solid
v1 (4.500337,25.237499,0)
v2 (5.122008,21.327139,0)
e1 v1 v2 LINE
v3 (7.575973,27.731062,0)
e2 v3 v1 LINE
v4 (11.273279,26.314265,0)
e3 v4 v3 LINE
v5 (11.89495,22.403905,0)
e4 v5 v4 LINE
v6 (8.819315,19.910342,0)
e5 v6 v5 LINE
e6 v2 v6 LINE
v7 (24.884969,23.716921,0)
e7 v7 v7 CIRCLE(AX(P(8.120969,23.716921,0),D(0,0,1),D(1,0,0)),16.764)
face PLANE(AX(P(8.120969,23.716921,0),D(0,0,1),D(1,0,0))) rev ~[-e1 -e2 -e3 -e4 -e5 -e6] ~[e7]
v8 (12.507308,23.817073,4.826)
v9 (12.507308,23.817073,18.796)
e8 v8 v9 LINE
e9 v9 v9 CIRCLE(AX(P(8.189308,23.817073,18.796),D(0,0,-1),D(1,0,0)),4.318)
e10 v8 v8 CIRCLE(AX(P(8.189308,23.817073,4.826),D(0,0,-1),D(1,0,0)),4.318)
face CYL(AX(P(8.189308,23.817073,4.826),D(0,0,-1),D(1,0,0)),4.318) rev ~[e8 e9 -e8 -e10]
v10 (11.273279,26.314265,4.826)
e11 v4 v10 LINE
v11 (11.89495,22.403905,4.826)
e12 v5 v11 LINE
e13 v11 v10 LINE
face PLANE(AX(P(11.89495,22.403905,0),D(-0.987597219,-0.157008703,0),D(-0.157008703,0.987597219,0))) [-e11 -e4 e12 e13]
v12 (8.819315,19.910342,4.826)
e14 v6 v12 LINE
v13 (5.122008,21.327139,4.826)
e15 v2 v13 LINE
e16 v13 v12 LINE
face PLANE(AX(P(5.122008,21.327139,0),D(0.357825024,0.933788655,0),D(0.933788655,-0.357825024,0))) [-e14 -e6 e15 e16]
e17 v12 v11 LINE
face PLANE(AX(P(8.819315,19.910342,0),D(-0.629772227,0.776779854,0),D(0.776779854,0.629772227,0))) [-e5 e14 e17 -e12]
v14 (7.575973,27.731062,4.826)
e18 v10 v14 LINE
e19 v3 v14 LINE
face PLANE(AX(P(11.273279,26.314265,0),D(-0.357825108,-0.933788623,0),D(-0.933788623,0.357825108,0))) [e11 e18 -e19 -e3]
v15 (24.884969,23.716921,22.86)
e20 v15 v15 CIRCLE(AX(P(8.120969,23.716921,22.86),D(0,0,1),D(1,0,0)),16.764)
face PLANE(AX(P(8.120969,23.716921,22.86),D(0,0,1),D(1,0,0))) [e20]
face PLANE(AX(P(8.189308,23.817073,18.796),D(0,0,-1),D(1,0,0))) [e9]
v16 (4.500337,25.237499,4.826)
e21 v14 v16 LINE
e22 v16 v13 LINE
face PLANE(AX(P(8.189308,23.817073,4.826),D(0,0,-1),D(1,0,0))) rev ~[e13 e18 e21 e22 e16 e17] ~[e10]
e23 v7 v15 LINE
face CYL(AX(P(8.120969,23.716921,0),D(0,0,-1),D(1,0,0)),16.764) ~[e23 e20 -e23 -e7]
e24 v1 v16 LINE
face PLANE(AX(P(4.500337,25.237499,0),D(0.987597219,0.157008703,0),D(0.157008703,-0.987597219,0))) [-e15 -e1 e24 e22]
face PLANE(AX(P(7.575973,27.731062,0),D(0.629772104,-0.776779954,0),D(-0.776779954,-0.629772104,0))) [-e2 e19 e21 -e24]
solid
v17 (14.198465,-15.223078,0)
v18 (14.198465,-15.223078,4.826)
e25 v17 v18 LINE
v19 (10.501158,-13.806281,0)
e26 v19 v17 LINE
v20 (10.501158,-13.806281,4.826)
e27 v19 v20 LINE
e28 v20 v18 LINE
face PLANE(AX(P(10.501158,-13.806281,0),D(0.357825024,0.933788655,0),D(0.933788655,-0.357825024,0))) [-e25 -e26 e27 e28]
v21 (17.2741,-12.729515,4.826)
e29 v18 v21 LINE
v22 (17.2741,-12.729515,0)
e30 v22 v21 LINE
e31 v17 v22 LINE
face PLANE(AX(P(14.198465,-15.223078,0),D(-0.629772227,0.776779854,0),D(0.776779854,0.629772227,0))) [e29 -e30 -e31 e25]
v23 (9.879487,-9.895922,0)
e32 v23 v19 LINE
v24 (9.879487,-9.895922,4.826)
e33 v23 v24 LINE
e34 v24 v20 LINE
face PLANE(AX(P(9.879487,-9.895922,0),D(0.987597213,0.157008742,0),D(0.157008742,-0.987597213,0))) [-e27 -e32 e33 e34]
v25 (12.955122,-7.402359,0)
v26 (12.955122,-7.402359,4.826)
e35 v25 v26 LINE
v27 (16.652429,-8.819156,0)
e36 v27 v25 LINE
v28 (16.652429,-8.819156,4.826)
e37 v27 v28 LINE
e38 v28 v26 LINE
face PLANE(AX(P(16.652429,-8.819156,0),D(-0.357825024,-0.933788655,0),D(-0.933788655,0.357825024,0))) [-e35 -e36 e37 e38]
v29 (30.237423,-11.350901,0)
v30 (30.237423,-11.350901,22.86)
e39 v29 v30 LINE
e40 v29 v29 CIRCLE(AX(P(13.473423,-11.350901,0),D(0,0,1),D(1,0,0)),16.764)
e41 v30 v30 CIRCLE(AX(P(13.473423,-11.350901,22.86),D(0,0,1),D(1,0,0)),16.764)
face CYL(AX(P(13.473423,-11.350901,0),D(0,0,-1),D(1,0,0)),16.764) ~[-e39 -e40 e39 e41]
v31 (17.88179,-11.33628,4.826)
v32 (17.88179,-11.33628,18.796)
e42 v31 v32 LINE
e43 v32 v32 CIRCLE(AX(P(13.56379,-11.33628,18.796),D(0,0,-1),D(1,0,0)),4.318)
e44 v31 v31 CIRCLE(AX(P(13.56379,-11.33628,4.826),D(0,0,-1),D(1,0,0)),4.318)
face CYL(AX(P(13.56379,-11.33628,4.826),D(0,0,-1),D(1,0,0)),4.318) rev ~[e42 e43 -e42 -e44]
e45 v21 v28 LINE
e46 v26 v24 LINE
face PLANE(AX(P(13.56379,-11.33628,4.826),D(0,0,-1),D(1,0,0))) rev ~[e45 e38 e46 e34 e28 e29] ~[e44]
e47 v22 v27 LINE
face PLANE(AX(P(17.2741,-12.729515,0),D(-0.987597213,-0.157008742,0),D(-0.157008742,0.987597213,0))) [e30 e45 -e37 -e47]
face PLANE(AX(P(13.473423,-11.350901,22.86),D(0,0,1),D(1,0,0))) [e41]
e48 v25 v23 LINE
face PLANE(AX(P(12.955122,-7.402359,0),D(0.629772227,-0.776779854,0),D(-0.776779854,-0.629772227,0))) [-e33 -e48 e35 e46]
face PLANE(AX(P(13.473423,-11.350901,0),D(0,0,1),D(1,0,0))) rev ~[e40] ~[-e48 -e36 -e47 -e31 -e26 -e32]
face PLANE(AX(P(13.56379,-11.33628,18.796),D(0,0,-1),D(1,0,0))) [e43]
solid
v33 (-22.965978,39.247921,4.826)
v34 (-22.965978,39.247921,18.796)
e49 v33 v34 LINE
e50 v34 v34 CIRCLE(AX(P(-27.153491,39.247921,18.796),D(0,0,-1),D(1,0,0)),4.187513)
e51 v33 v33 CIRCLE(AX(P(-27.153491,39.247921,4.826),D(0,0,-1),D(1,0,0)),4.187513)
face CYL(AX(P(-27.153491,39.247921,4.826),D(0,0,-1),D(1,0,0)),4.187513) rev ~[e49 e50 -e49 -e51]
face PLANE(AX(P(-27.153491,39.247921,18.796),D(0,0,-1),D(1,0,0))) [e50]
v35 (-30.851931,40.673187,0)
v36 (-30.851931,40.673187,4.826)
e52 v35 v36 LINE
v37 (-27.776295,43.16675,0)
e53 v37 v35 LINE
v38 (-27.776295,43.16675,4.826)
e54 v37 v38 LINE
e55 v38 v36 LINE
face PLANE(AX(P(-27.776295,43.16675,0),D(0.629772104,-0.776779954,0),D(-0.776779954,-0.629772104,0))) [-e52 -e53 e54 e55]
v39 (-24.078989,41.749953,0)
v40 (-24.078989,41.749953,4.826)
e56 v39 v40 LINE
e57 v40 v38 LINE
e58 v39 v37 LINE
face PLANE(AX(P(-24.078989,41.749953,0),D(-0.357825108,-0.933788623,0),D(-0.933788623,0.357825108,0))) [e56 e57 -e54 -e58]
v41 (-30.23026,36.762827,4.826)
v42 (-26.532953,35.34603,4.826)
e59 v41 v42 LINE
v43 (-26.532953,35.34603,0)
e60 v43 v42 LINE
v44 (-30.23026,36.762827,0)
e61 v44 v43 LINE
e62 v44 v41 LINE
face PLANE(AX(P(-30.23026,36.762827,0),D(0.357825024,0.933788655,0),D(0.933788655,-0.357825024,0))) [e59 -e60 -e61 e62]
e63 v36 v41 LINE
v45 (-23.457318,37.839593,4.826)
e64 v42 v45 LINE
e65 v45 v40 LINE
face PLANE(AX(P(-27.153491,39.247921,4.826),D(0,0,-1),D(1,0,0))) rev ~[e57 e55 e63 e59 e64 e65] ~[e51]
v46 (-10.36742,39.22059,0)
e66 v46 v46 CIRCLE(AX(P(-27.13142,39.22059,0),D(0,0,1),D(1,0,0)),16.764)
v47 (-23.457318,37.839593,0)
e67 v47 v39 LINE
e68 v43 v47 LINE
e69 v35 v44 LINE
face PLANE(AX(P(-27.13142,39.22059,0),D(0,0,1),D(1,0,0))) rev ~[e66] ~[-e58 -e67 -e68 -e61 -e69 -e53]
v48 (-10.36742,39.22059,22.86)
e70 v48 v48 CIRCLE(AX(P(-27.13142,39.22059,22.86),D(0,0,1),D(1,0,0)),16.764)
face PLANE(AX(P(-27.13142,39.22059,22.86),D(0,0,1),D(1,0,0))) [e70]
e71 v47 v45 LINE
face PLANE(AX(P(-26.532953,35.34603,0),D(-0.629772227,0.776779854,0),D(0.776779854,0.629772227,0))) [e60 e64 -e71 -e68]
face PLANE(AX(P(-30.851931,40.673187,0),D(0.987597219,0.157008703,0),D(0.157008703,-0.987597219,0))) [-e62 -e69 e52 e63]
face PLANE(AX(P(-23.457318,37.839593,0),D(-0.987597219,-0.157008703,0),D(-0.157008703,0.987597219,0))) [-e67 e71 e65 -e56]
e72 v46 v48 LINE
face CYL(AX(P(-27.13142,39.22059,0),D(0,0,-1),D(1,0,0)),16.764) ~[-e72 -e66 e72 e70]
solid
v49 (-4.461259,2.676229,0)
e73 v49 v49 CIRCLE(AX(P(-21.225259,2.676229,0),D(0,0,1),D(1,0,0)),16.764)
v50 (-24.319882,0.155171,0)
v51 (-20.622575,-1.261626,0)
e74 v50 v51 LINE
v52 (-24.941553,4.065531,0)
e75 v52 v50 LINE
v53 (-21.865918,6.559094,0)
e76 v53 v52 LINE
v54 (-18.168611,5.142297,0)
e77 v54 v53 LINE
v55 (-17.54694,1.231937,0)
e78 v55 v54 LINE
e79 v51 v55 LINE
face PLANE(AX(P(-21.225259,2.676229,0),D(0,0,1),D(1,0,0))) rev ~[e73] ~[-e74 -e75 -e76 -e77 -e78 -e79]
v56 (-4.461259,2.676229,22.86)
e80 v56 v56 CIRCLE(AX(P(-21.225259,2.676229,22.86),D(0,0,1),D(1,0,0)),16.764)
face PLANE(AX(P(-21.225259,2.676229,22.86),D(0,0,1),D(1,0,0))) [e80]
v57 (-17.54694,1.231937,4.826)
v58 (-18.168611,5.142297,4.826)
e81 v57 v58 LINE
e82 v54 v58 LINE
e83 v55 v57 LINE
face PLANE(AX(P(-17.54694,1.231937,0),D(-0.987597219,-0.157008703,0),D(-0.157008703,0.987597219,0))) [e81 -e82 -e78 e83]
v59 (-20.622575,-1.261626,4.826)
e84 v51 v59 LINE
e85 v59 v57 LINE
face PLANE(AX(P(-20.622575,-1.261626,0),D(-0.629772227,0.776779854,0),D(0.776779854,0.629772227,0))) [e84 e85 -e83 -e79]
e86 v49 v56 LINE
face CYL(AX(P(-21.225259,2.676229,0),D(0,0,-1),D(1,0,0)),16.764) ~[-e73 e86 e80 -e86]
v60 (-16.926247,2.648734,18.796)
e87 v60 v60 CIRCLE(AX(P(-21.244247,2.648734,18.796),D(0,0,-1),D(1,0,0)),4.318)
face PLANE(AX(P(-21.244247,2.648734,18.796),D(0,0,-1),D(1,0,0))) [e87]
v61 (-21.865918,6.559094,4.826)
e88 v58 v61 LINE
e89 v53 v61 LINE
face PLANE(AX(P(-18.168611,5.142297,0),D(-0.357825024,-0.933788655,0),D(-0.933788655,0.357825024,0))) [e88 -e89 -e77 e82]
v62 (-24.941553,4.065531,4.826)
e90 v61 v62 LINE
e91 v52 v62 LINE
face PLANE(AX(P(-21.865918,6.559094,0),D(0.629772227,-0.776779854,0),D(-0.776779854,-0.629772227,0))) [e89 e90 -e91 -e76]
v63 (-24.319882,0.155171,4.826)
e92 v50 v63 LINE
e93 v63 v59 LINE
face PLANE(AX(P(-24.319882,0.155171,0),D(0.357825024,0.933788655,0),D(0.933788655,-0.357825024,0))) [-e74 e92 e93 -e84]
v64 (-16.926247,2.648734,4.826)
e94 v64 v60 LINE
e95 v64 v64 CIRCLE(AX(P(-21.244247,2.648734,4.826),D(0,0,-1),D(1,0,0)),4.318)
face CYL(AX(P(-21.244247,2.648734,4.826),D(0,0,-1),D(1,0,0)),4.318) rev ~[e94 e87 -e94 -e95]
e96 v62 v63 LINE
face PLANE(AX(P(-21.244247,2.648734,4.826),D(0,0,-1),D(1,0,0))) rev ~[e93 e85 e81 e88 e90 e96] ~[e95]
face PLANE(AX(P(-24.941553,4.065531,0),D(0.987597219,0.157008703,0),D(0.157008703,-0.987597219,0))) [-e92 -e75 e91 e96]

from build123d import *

# Parameters (mm, degrees)
F0_R     = 16.764
F1_DEPTH = 22.86
F3_DEPTH = 4.826
F4_R     = 4.318
F4_R_2   = 4.187513
F5_DEPTH = 13.97


with BuildPart() as f1:
    # F0 (on Top) → F1 (new body)
    with BuildSketch(Plane.XY):
        with Locations((-27.13142, 39.22059)):
            Circle(F0_R)
        with Locations((8.120969, 23.716921)):
            Circle(F0_R)
        with Locations((-21.225259, 2.676229)):
            Circle(F0_R)
        with Locations((13.473423, -11.350901)):
            Circle(F0_R)
    extrude(amount=F1_DEPTH)

    # F2 (on Top) → F3 (cut)
    with BuildSketch(Plane.XY):
        Polygon((-23.457318, 37.839593), (-24.078989, 41.749953), (-27.776295, 43.16675), (-30.851931, 40.673187), (-30.23026, 36.762827), (-26.532953, 35.34603), align=None)
        Polygon((11.89495, 22.403905), (11.273279, 26.314265), (7.575973, 27.731062), (4.500337, 25.237499), (5.122008, 21.327139), (8.819315, 19.910342), align=None)
        Polygon((-17.54694, 1.231937), (-18.168611, 5.142297), (-21.865918, 6.559094), (-24.941553, 4.065531), (-24.319882, 0.155171), (-20.622575, -1.261626), align=None)
        Polygon((17.2741, -12.729515), (16.652429, -8.819156), (12.955122, -7.402359), (9.879487, -9.895922), (10.501158, -13.806281), (14.198465, -15.223078), align=None)
    extrude(amount=F3_DEPTH, mode=Mode.SUBTRACT)

    # F4 (on face) → F5 (cut)
    with BuildSketch(Plane(origin=(0, 0, 4.826), x_dir=(1, 0, 0), z_dir=(0, 0, -1))):
        with Locations((-21.244247, -2.648734)):
            Circle(F4_R)
        with Locations((13.56379, 11.33628)):
            Circle(F4_R)
        with Locations((8.189308, -23.817073)):
            Circle(F4_R)
        with Locations((-27.153491, -39.247921)):
            Circle(F4_R_2)
    extrude(amount=-F5_DEPTH, mode=Mode.SUBTRACT)


solid = f1.part
